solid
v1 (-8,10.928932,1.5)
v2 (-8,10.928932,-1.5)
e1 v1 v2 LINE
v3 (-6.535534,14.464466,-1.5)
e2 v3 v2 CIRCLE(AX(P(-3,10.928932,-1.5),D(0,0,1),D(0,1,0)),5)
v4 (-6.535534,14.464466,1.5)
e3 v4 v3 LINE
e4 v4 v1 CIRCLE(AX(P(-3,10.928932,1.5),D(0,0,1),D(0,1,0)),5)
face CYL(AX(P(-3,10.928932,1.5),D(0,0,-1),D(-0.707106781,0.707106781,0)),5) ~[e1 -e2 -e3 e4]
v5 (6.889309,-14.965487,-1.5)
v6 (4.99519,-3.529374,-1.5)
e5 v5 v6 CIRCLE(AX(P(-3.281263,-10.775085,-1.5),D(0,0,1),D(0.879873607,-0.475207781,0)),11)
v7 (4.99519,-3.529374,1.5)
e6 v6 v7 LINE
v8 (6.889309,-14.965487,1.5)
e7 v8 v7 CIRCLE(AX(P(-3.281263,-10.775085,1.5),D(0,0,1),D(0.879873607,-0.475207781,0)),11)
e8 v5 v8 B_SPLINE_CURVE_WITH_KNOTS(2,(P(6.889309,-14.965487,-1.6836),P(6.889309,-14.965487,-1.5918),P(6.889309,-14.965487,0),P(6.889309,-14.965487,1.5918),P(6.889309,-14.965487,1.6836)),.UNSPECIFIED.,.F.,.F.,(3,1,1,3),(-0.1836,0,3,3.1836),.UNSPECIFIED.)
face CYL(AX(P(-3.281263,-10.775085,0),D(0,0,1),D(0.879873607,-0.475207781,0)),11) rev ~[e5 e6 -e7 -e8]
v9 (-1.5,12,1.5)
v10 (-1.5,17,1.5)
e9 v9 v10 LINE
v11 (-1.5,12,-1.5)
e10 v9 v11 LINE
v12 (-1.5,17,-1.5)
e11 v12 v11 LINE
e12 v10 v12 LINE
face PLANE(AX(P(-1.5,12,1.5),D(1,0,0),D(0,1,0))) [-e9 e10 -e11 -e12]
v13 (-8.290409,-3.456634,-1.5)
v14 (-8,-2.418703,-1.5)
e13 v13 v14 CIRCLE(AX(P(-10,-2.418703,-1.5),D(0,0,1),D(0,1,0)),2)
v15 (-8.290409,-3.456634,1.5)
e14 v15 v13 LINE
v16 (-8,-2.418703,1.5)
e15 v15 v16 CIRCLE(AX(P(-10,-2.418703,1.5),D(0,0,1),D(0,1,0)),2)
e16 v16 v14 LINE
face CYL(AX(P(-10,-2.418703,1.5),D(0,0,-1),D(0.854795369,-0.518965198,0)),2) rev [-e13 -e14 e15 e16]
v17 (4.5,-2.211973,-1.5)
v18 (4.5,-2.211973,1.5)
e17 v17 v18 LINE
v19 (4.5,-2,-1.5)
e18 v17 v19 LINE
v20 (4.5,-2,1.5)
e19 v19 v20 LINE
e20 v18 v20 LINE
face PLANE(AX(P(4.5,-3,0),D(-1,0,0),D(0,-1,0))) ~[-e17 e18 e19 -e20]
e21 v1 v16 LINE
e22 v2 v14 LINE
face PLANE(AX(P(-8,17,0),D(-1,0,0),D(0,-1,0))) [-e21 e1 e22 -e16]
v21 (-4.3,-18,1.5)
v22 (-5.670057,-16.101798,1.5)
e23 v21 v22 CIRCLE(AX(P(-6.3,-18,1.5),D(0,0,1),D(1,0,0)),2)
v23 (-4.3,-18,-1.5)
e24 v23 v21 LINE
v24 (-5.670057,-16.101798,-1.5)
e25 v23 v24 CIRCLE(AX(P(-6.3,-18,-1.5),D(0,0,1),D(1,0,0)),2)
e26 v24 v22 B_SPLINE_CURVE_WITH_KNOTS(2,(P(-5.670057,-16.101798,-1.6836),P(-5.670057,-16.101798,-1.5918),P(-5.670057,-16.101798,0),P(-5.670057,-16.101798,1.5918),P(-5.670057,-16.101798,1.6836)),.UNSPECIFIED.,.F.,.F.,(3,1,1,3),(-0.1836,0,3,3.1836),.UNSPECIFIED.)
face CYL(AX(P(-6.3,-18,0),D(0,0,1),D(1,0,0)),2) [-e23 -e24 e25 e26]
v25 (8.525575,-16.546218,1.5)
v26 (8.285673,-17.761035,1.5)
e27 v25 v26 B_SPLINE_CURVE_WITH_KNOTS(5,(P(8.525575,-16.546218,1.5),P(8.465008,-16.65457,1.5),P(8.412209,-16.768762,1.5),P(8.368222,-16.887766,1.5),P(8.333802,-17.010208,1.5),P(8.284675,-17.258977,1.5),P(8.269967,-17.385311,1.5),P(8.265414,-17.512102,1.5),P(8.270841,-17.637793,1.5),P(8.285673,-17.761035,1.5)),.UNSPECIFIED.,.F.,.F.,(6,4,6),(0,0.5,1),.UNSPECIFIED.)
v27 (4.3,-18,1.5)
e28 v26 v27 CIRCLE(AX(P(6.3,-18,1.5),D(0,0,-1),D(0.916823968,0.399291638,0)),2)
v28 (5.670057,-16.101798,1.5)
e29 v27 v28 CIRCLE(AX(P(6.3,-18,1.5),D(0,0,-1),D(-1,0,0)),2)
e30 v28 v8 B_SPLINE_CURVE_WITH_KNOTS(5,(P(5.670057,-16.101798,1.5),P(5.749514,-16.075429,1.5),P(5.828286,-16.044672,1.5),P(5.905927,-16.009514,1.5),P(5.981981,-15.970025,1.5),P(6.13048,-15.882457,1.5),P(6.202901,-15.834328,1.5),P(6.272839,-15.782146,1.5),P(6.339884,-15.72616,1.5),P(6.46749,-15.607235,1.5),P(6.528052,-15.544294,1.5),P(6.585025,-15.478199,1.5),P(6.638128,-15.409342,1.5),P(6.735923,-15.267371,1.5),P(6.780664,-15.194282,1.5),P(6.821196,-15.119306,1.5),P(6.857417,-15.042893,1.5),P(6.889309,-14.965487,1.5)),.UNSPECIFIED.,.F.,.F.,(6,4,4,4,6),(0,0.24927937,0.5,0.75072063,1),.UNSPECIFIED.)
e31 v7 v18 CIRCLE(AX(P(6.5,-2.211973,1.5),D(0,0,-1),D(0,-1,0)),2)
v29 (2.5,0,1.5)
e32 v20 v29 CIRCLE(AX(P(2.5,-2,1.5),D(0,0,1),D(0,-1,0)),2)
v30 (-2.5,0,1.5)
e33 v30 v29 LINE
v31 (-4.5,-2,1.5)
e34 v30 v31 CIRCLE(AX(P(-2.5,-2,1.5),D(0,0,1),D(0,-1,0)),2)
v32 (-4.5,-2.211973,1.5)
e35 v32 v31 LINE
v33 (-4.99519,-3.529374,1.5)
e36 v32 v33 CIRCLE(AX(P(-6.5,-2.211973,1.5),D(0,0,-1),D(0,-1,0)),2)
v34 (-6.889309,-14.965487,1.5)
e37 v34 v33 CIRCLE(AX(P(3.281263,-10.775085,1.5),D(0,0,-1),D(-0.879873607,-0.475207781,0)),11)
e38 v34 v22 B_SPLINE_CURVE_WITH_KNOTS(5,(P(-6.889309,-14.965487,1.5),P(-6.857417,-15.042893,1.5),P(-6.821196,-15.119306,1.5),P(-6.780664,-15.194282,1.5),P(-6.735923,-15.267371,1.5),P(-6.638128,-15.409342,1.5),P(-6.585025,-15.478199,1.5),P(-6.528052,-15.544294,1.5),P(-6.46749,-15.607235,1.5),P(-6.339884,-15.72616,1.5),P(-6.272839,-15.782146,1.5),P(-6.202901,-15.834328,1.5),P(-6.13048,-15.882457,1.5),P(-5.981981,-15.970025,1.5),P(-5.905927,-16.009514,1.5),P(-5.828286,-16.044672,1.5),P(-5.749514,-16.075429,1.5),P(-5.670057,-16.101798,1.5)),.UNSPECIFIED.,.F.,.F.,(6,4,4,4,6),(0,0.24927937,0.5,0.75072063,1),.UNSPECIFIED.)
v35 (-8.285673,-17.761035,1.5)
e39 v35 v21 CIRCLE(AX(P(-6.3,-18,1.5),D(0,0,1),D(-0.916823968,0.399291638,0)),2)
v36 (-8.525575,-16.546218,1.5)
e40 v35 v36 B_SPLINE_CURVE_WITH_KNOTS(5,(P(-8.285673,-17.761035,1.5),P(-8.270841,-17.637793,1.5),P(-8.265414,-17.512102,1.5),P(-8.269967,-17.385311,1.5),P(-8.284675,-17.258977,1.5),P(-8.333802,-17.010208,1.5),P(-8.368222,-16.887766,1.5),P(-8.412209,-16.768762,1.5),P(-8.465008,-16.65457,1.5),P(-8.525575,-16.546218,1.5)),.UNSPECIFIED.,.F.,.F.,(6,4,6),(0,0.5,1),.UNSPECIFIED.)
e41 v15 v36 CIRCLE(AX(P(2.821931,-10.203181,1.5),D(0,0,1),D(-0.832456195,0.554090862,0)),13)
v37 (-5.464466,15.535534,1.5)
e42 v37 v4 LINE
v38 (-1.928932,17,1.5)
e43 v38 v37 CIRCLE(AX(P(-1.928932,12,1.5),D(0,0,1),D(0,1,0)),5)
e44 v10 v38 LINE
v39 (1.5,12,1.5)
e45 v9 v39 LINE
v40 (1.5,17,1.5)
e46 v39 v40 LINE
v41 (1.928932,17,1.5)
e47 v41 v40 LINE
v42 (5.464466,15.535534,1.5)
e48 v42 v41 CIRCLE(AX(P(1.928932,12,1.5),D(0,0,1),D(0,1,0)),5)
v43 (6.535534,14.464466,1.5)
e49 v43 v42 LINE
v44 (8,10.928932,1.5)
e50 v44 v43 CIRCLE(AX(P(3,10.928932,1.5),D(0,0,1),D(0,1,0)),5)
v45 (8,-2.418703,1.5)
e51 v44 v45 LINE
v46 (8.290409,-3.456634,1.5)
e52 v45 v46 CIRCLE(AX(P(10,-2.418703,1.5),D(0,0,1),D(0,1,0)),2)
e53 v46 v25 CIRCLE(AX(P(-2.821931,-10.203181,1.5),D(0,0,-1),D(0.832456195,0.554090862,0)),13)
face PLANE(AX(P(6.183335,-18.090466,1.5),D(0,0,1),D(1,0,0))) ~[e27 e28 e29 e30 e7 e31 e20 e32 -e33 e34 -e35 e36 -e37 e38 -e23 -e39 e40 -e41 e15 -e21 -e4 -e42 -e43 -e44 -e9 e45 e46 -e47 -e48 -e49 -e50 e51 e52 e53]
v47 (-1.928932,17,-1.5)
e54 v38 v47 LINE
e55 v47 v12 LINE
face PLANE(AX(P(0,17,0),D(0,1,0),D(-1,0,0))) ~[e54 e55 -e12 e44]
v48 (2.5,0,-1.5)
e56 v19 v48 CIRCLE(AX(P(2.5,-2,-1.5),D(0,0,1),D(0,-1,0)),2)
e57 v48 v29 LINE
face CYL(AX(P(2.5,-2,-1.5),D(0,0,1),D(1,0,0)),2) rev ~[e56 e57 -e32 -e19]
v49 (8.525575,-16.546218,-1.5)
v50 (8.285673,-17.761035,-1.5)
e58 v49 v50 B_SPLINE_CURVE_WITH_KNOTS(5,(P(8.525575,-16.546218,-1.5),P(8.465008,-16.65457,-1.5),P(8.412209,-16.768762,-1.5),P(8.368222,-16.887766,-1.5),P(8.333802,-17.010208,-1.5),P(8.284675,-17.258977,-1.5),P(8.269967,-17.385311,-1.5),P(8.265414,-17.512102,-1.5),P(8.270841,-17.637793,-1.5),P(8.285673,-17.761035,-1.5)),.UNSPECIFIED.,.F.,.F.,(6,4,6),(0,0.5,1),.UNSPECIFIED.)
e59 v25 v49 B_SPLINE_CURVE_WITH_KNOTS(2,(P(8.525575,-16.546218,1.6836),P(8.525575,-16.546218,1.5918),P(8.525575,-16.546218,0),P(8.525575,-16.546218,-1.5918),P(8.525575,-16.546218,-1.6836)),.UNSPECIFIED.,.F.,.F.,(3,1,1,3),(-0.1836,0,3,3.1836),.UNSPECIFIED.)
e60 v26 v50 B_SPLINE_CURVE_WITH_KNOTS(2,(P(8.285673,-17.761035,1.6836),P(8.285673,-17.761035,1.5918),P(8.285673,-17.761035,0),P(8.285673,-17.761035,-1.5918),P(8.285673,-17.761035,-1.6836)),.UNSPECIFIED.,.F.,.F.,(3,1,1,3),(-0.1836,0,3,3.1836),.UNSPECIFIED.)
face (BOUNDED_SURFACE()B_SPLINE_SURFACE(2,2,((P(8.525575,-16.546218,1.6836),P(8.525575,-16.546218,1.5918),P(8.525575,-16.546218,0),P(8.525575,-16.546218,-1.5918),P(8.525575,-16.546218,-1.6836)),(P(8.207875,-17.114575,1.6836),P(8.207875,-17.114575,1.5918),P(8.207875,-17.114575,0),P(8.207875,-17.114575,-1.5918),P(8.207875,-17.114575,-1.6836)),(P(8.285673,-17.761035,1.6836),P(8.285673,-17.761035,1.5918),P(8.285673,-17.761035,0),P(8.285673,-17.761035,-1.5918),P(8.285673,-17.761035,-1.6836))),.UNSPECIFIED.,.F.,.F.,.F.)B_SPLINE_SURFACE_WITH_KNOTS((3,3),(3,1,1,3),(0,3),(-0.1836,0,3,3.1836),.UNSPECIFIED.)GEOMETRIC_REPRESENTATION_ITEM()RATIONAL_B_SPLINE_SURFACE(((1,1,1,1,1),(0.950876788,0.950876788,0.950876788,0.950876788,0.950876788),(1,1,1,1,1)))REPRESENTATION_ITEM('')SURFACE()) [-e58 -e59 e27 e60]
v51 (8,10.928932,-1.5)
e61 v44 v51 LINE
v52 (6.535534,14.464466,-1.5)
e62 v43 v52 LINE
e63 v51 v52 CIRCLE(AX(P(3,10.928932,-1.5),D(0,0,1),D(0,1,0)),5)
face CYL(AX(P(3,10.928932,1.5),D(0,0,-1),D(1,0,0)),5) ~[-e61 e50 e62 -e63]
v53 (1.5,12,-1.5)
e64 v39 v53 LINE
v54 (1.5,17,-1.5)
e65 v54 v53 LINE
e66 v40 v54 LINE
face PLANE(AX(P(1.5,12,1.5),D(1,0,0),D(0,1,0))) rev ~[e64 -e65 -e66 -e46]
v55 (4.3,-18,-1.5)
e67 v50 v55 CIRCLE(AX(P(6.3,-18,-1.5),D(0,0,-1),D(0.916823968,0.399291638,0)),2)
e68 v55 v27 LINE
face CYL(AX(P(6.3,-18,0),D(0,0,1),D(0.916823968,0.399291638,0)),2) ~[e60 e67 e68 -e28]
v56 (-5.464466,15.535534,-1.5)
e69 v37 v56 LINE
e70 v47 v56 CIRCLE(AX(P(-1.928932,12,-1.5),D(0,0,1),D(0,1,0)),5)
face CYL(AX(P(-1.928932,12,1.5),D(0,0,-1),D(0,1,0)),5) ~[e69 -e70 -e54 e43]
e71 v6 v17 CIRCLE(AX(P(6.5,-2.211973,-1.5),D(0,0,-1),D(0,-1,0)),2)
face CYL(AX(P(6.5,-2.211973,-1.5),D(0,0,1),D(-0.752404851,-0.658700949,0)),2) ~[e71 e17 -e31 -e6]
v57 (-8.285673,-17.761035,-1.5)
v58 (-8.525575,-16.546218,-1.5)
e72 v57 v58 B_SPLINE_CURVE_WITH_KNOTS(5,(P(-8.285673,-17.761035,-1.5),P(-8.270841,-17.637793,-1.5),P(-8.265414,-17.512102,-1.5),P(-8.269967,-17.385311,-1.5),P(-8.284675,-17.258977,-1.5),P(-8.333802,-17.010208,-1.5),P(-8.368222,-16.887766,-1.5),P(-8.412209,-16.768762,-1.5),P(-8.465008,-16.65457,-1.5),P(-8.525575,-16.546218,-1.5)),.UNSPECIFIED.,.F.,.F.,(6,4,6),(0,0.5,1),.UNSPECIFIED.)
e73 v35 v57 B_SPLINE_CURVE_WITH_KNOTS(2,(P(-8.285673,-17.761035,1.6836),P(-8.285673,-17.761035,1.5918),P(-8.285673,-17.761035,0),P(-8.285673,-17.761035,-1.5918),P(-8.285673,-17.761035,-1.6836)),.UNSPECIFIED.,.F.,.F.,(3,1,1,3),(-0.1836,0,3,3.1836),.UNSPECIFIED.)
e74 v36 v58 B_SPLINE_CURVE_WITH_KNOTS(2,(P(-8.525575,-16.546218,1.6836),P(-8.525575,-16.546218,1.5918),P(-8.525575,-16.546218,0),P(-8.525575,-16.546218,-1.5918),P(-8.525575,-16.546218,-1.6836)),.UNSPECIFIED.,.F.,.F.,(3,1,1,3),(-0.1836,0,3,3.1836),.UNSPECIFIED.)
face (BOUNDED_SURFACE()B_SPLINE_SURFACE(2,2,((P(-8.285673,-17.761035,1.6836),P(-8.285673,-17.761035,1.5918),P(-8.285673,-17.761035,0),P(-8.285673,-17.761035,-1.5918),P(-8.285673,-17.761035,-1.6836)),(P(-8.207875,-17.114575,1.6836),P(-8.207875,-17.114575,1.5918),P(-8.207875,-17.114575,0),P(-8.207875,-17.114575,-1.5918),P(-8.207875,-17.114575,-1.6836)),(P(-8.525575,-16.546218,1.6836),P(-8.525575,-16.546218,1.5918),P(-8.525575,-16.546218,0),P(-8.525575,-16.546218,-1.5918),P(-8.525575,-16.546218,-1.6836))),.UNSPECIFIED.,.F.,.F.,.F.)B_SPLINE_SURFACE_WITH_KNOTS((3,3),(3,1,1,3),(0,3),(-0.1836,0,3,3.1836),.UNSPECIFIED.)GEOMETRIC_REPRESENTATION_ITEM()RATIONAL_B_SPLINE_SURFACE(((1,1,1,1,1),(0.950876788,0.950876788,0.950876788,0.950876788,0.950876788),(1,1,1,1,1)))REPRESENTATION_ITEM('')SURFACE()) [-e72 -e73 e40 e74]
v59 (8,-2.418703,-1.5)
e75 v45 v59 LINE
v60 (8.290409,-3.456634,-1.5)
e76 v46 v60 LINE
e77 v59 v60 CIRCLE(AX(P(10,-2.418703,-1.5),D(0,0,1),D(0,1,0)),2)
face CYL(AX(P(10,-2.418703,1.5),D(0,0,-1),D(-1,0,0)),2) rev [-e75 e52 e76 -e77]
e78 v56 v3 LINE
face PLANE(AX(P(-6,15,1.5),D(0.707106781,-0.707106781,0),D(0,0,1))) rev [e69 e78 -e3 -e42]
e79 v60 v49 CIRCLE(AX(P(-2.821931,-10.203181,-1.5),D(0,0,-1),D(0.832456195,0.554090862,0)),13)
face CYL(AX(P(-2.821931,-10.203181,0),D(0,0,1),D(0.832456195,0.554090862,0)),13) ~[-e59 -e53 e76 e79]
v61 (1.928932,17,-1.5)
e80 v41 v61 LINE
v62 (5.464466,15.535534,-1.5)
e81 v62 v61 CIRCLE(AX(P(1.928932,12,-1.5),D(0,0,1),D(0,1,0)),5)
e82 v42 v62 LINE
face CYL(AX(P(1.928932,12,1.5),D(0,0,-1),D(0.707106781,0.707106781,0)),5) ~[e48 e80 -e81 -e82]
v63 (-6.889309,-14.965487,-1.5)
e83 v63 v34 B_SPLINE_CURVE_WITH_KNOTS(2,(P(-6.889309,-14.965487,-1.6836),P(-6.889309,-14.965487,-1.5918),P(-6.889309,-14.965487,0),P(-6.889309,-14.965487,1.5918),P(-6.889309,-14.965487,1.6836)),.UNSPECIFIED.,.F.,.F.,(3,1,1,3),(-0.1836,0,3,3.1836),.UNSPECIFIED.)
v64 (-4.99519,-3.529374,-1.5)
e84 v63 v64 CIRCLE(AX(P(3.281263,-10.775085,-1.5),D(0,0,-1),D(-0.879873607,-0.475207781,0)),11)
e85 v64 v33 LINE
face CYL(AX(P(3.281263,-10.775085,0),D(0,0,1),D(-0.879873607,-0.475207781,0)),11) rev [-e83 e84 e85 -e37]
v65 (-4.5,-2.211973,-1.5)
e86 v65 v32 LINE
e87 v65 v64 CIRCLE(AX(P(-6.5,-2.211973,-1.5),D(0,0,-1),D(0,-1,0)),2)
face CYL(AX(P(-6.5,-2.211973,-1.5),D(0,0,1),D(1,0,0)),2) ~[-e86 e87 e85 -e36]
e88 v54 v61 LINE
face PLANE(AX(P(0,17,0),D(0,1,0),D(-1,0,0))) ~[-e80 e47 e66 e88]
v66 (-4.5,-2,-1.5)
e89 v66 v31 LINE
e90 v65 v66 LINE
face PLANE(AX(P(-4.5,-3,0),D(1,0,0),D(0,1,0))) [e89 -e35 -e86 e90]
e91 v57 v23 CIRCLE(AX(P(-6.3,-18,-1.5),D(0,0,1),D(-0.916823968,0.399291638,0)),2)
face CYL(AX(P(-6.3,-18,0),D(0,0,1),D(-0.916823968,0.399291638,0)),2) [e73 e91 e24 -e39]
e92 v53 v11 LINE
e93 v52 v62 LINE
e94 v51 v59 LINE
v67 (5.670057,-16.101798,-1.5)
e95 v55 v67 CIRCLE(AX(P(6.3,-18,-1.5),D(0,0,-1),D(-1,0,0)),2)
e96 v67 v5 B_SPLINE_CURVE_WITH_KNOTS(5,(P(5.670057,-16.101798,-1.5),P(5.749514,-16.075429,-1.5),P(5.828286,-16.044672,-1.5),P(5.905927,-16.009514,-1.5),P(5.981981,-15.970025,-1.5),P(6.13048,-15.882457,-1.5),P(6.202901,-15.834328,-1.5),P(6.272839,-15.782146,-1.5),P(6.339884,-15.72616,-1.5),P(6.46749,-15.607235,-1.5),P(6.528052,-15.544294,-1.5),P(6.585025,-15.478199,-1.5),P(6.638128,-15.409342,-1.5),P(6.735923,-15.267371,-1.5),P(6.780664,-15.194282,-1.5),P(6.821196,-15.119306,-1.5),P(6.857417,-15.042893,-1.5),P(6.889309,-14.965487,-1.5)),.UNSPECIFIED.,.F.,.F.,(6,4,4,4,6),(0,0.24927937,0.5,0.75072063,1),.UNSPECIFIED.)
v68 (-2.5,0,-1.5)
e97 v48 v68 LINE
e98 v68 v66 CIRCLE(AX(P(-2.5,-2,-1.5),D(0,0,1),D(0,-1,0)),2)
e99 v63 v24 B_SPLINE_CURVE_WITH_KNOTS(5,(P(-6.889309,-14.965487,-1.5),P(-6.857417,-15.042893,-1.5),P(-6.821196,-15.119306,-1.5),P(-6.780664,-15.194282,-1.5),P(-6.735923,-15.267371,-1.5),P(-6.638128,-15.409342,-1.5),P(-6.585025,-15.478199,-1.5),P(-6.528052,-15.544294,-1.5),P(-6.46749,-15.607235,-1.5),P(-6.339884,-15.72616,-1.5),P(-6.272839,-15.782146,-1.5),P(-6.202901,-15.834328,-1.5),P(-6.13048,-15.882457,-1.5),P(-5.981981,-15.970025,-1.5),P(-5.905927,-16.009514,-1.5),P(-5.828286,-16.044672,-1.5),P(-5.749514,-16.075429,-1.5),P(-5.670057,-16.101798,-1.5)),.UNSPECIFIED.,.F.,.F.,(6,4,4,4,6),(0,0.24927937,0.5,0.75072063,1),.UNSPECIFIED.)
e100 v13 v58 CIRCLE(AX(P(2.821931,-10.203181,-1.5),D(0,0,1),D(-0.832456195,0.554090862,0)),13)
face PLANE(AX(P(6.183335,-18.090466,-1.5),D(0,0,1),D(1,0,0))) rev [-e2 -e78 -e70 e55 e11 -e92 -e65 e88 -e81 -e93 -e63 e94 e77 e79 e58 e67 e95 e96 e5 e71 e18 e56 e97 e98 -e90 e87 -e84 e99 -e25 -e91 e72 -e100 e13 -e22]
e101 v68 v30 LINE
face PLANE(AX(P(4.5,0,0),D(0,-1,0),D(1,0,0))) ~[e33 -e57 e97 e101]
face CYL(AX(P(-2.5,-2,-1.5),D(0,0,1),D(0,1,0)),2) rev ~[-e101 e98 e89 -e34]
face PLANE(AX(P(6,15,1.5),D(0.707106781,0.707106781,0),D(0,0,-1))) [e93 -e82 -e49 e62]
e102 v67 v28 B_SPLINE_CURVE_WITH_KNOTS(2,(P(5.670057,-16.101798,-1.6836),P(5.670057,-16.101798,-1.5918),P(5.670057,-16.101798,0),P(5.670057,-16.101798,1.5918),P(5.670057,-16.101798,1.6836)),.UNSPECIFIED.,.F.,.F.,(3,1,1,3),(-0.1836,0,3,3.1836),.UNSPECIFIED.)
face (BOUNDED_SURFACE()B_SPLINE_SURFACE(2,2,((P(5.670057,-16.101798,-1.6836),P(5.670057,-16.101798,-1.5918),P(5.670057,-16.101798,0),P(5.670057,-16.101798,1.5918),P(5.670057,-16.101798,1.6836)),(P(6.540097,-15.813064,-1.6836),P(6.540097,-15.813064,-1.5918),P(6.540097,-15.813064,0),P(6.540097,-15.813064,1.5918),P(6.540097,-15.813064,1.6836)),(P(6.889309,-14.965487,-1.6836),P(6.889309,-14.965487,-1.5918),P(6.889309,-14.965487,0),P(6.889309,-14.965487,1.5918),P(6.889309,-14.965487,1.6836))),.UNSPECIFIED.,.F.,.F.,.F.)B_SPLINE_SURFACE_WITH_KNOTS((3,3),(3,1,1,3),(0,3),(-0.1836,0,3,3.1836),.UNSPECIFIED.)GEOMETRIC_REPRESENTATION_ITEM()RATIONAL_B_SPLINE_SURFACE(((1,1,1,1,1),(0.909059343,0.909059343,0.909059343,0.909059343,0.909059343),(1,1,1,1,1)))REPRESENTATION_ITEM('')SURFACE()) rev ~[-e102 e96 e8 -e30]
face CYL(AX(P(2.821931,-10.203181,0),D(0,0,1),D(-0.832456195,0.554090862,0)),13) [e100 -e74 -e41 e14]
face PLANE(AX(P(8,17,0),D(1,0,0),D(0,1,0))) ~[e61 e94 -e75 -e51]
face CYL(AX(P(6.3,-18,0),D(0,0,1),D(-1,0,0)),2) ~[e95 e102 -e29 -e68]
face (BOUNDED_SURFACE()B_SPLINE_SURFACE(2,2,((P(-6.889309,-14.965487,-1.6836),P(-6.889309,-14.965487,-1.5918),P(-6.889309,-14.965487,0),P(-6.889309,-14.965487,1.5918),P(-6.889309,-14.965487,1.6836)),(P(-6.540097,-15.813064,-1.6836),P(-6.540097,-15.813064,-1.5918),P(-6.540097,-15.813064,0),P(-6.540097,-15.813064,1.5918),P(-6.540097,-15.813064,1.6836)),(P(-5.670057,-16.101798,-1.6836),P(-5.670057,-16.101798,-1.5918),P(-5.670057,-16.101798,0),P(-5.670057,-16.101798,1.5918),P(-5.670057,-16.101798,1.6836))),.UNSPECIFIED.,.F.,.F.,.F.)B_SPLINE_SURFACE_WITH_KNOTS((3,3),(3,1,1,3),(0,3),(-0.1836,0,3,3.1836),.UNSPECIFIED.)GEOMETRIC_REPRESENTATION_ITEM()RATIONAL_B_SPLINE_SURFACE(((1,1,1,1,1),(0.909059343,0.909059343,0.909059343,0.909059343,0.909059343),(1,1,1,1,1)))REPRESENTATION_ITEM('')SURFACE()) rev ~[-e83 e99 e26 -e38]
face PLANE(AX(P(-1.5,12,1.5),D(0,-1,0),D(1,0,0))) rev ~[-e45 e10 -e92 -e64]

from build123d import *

# Parameters (mm, degrees)
F2_DEPTH = 1.5
F5_W     = 3
F5_H     = 5
F6_DEPTH = 25
F7_SIZE  = 4
F8_R     = 5
F9_R     = 2


with BuildPart() as f2:
    # F1 (on Top) → F2 (new body, symmetric)
    with BuildSketch(Plane.XY):
        with BuildLine():
            ThreePointArc((25.939839122, -44.6497348995), (25.3779596461, -43.9442064652), (24.8663520645, -43.2014167241))
            ThreePointArc((24.8663520645, -43.2014167241), (26.2921371989, -45.9579703612), (28.7, -44))
            ThreePointArc((28.7, -44), (28.0793670217, -42.5517781181), (26.6026533807, -42.0023704959))
            ThreePointArc((26.6026533807, -42.0023704959), (27.0242100762, -42.7170517529), (27.4984385882, -43.3979237417))
            ThreePointArc((27.4984385882, -43.3979237417), (27.6482717407, -43.6825402295), (27.7, -44))
            ThreePointArc((27.7, -44), (27.0462940384, -44.9381260251), (25.939839122, -44.6497348995))
        make_face()
        with BuildLine():
            ThreePointArc((27.4984385882, -43.3979237417), (26.0738018768, -43.2203360272), (25.939839122, -44.6497348995))
            ThreePointArc((25.939839122, -44.6497348995), (27.0462940384, -44.9381260251), (27.7, -44))
            ThreePointArc((27.7, -44), (27.6482717407, -43.6825402295), (27.4984385882, -43.3979237417))
        make_face()
        with BuildLine():
            ThreePointArc((26.6026533807, -42.0023704959), (25.5635084879, -42.3542822104), (24.8663520645, -43.2014167241))
            ThreePointArc((24.8663520645, -43.2014167241), (25.3779596461, -43.9442064652), (25.939839122, -44.6497348995))
            ThreePointArc((25.939839122, -44.6497348995), (26.0738018768, -43.2203360272), (27.4984385882, -43.3979237417))
            ThreePointArc((27.4984385882, -43.3979237417), (27.0242100762, -42.7170517529), (26.6026533807, -42.0023704959))
        make_face()
        with BuildLine():
            Line((28.5, -29), (25, -29))
            ThreePointArc((25, -29), (22.8225061684, -36.0808450853), (24.8663520645, -43.2014167241))
            ThreePointArc((24.8663520645, -43.2014167241), (25.5635084879, -42.3542822104), (26.6026533807, -42.0023704959))
            ThreePointArc((26.6026533807, -42.0023704959), (25.3965398825, -35.1867520093), (28.5, -29))
        make_face()
        Polygon((33, -9), (25, -9), (25, -29), (28.5, -29), (28.5, -26), (33, -26), align=None)
    extrude(amount=F2_DEPTH, both=True)


with BuildPart() as f2_1:
    # F3: moved
    add(f2.part.moved(Location((-33, 26, 0))))

    # F4: F2 across plane


with BuildPart() as f2_2:
    add(f2_1.part)
    add(f2_1.part.mirror(Plane.YZ))

    # F5 (on face) → F6 (cut)
    with BuildSketch(Plane.XY.offset(1.5)):
        with Locations((0, 14.5)):
            Rectangle(F5_W, F5_H)
    extrude(amount=-F6_DEPTH, mode=Mode.SUBTRACT)

    # F7
    f7_edges = [f2_2.edges().sort_by_distance(p)[0] for p in [
        (-8, 17, 0),
        (8, 17, 0),
    ]]
    chamfer(f7_edges, length=F7_SIZE)

    # F8
    f8_edges = [f2_2.edges().sort_by_distance(p)[0] for p in [
        (-8, 13, 0),
        (-4, 17, 0),
        (4, 17, 0),
        (8, 13, 0),
    ]]
    fillet(f8_edges, radius=F8_R)

    # F9
    f9_edges = [f2_2.edges().sort_by_distance(p)[0] for p in [
        (-8, -3, 0),
        (-4.5, -3, 0),
        (4.5, -3, 0),
        (8, -3, 0),
        (-4.5, 0, 0),
        (4.5, 0, 0),
        (-8.133648, -17.201417, 0),
        (-6.397347, -16.00237, 0),
        (8.133648, -17.201417, 0),
        (6.397347, -16.00237, 0),
    ]]
    fillet(f9_edges, radius=F9_R)


solid = f2_2.part
